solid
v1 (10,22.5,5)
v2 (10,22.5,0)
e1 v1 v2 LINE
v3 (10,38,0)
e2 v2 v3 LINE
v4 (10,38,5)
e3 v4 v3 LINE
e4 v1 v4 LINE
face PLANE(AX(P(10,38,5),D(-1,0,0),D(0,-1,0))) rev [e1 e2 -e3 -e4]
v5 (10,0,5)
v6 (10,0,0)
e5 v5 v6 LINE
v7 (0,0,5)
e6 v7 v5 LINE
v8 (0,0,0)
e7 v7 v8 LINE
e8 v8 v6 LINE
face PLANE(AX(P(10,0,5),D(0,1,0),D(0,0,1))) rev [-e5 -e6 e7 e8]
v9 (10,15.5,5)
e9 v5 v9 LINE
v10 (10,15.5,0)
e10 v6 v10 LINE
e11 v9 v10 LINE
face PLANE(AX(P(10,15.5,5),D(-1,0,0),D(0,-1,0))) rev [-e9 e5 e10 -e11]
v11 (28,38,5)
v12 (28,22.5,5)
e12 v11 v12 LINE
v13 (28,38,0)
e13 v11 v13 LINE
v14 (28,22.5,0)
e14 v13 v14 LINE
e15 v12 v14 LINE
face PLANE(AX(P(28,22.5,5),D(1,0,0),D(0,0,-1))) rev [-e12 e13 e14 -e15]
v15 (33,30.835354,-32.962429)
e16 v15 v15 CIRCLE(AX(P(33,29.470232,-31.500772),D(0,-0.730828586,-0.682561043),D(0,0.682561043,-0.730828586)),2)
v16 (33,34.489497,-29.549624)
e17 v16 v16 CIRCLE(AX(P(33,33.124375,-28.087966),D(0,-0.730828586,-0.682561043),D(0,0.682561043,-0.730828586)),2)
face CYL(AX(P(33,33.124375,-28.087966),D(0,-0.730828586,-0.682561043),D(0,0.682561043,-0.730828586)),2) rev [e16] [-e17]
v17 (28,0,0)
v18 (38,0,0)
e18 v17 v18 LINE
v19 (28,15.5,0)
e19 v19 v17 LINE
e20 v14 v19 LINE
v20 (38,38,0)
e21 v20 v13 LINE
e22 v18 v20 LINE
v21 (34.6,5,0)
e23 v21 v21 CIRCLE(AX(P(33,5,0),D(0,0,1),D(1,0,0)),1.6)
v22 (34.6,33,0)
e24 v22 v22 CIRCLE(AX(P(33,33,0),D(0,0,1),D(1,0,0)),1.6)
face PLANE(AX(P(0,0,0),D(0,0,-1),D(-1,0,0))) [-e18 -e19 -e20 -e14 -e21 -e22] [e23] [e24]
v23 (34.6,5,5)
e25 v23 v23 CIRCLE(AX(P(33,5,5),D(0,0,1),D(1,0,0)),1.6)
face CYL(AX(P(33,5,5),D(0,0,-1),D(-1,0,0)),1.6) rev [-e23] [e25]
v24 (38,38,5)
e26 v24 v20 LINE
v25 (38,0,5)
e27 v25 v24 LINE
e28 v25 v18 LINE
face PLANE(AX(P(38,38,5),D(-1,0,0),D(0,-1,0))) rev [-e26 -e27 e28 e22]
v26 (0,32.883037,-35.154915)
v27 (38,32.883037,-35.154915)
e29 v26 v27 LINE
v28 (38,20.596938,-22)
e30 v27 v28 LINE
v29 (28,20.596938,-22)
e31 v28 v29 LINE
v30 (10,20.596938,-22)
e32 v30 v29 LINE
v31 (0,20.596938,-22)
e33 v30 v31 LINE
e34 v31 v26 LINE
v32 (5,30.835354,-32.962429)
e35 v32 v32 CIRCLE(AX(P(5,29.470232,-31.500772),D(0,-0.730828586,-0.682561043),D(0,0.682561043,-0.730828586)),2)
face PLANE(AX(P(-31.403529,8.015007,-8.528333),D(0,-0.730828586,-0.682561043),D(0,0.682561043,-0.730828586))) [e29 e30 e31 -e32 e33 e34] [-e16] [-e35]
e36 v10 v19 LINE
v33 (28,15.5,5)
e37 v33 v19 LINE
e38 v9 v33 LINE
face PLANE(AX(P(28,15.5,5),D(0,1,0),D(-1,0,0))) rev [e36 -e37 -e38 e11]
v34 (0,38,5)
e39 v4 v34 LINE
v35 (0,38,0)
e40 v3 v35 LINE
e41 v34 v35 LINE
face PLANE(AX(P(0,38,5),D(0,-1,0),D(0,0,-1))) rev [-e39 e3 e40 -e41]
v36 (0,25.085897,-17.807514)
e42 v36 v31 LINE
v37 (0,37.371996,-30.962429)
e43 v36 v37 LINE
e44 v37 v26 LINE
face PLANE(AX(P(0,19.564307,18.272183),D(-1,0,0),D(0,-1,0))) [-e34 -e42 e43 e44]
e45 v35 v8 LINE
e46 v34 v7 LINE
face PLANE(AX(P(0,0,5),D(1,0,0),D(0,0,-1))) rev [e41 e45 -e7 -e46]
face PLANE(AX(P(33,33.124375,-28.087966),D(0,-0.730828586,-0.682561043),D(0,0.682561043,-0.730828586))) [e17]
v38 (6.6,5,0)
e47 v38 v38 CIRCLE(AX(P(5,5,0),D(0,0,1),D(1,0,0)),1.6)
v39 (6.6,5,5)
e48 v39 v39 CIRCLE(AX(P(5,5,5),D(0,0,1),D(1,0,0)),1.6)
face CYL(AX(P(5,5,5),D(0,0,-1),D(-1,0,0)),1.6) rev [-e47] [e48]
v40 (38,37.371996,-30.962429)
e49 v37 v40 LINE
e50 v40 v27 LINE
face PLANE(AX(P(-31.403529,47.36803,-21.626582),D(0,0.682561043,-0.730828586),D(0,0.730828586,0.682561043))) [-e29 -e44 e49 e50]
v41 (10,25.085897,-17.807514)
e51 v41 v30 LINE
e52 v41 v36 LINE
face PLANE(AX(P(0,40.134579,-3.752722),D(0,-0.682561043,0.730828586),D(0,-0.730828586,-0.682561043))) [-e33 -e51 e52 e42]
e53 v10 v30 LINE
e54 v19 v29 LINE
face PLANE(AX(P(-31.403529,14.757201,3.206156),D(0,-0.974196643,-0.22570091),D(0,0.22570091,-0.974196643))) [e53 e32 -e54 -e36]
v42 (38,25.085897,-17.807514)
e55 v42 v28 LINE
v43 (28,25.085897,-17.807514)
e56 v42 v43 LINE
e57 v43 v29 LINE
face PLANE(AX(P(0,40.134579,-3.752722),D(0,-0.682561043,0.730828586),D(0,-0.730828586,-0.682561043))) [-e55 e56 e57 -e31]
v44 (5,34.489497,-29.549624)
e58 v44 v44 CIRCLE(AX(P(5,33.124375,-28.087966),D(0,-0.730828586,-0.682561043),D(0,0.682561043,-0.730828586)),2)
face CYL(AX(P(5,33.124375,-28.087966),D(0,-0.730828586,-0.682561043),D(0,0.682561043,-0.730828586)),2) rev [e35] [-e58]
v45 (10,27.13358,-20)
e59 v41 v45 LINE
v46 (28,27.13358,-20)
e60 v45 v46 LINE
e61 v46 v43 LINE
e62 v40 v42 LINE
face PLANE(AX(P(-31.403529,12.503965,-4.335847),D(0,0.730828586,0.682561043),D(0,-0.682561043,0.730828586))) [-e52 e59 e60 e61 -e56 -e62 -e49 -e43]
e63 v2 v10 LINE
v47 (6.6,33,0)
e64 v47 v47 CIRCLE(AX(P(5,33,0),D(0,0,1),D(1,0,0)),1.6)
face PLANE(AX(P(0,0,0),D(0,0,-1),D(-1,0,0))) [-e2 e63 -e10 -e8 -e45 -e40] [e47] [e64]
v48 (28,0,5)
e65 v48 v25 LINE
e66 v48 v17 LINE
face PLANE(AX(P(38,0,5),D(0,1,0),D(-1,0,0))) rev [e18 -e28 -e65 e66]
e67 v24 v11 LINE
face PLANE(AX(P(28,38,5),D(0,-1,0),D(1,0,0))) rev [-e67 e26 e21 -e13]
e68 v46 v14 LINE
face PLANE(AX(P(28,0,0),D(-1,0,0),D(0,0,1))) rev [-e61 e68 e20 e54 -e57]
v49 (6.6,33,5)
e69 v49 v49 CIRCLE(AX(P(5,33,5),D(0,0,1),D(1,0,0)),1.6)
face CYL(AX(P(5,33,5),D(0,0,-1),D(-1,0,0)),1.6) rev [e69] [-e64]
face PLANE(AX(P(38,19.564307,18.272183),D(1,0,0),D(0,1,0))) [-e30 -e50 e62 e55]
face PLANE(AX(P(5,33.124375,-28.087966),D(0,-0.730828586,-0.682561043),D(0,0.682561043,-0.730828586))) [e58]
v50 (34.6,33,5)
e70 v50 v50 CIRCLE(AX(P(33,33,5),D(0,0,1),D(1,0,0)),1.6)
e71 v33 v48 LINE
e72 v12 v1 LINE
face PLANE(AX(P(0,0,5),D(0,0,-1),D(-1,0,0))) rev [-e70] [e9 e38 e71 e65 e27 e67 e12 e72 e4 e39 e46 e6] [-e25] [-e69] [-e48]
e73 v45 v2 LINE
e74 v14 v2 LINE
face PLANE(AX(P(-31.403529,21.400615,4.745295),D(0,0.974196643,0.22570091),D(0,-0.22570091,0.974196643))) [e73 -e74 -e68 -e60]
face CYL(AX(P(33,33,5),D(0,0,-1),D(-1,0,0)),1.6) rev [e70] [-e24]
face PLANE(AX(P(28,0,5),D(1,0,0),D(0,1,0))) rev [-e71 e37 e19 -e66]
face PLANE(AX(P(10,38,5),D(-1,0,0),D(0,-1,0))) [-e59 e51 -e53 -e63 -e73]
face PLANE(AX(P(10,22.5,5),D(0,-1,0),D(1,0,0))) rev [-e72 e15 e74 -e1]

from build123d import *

# Parameters (mm, degrees)
SKETCH_1_R          = 1.6
EXTRUDE_1_DEPTH     = 5
EXTRUDE_START       = -10
EXTRUDE_2_DEPTH     = 18
SKETCH_4_W          = 10
SKETCH_4_H          = 18
EXTRUDE_3_DEPTH     = 6.14228691
SKETCH_5_R          = 2
CUT_EXTRUDE_1_DEPTH = 5


with BuildPart() as part:
    # 草图1 → 凸台-拉伸1 (new body)
    with BuildSketch(Plane.XY):
        Polygon((0, 0), (0, 38), (10, 38), (10, 22.5), (28, 22.5), (28, 38), (38, 38), (38, 0), (28, 0), (28, 15.5), (10, 15.5), (10, 0), align=None)
        with Locations((5, 33)):
            Circle(SKETCH_1_R, mode=Mode.SUBTRACT)
        with Locations((33, 33)):
            Circle(SKETCH_1_R, mode=Mode.SUBTRACT)
        with Locations((33, 5)):
            Circle(SKETCH_1_R, mode=Mode.SUBTRACT)
        with Locations((5, 5)):
            Circle(SKETCH_1_R, mode=Mode.SUBTRACT)
    extrude(amount=EXTRUDE_1_DEPTH)

    # 草图2 → 凸台-拉伸2 (add)
    with BuildSketch(Plane(origin=(38, 0, 0), x_dir=(0, 0, -1), z_dir=(1, 0, 0)).offset(EXTRUDE_START)):
        Polygon((0, 22.5), (20, 27.133580113), (30.962428796, 37.371995756), (35.154914556, 32.883036896), (22, 20.596938124), (0, 15.5), align=None)
    extrude(amount=-EXTRUDE_2_DEPTH)

    # 草图4 → 凸台-拉伸3 (add)
    with BuildSketch(Plane(origin=(0, 0.026666642, 0.024905444), x_dir=(1, 0, 0), z_dir=(0, -0.7308285864179805, -0.682561042892353))):
        with Locations((5, -39.136896468)):
            Rectangle(SKETCH_4_W, SKETCH_4_H)
        with Locations((33, -39.136896468)):
            Rectangle(SKETCH_4_W, SKETCH_4_H)
    extrude(amount=-EXTRUDE_3_DEPTH)

    # 草图5 → 切除-拉伸1 (cut)
    with BuildSketch(Plane(origin=(0, 0.026666642, 0.024905444), x_dir=(1, 0, 0), z_dir=(0, -0.7308285864179805, -0.682561042892353))):
        with Locations(Location((5, -43.136896468, 0), (0, 0, 270))):
            Circle(SKETCH_5_R)
        with Locations(Location((33, -43.136896468, 0), (0, 0, 270))):
            Circle(SKETCH_5_R)
    extrude(amount=-CUT_EXTRUDE_1_DEPTH, mode=Mode.SUBTRACT)


solid = part.part
